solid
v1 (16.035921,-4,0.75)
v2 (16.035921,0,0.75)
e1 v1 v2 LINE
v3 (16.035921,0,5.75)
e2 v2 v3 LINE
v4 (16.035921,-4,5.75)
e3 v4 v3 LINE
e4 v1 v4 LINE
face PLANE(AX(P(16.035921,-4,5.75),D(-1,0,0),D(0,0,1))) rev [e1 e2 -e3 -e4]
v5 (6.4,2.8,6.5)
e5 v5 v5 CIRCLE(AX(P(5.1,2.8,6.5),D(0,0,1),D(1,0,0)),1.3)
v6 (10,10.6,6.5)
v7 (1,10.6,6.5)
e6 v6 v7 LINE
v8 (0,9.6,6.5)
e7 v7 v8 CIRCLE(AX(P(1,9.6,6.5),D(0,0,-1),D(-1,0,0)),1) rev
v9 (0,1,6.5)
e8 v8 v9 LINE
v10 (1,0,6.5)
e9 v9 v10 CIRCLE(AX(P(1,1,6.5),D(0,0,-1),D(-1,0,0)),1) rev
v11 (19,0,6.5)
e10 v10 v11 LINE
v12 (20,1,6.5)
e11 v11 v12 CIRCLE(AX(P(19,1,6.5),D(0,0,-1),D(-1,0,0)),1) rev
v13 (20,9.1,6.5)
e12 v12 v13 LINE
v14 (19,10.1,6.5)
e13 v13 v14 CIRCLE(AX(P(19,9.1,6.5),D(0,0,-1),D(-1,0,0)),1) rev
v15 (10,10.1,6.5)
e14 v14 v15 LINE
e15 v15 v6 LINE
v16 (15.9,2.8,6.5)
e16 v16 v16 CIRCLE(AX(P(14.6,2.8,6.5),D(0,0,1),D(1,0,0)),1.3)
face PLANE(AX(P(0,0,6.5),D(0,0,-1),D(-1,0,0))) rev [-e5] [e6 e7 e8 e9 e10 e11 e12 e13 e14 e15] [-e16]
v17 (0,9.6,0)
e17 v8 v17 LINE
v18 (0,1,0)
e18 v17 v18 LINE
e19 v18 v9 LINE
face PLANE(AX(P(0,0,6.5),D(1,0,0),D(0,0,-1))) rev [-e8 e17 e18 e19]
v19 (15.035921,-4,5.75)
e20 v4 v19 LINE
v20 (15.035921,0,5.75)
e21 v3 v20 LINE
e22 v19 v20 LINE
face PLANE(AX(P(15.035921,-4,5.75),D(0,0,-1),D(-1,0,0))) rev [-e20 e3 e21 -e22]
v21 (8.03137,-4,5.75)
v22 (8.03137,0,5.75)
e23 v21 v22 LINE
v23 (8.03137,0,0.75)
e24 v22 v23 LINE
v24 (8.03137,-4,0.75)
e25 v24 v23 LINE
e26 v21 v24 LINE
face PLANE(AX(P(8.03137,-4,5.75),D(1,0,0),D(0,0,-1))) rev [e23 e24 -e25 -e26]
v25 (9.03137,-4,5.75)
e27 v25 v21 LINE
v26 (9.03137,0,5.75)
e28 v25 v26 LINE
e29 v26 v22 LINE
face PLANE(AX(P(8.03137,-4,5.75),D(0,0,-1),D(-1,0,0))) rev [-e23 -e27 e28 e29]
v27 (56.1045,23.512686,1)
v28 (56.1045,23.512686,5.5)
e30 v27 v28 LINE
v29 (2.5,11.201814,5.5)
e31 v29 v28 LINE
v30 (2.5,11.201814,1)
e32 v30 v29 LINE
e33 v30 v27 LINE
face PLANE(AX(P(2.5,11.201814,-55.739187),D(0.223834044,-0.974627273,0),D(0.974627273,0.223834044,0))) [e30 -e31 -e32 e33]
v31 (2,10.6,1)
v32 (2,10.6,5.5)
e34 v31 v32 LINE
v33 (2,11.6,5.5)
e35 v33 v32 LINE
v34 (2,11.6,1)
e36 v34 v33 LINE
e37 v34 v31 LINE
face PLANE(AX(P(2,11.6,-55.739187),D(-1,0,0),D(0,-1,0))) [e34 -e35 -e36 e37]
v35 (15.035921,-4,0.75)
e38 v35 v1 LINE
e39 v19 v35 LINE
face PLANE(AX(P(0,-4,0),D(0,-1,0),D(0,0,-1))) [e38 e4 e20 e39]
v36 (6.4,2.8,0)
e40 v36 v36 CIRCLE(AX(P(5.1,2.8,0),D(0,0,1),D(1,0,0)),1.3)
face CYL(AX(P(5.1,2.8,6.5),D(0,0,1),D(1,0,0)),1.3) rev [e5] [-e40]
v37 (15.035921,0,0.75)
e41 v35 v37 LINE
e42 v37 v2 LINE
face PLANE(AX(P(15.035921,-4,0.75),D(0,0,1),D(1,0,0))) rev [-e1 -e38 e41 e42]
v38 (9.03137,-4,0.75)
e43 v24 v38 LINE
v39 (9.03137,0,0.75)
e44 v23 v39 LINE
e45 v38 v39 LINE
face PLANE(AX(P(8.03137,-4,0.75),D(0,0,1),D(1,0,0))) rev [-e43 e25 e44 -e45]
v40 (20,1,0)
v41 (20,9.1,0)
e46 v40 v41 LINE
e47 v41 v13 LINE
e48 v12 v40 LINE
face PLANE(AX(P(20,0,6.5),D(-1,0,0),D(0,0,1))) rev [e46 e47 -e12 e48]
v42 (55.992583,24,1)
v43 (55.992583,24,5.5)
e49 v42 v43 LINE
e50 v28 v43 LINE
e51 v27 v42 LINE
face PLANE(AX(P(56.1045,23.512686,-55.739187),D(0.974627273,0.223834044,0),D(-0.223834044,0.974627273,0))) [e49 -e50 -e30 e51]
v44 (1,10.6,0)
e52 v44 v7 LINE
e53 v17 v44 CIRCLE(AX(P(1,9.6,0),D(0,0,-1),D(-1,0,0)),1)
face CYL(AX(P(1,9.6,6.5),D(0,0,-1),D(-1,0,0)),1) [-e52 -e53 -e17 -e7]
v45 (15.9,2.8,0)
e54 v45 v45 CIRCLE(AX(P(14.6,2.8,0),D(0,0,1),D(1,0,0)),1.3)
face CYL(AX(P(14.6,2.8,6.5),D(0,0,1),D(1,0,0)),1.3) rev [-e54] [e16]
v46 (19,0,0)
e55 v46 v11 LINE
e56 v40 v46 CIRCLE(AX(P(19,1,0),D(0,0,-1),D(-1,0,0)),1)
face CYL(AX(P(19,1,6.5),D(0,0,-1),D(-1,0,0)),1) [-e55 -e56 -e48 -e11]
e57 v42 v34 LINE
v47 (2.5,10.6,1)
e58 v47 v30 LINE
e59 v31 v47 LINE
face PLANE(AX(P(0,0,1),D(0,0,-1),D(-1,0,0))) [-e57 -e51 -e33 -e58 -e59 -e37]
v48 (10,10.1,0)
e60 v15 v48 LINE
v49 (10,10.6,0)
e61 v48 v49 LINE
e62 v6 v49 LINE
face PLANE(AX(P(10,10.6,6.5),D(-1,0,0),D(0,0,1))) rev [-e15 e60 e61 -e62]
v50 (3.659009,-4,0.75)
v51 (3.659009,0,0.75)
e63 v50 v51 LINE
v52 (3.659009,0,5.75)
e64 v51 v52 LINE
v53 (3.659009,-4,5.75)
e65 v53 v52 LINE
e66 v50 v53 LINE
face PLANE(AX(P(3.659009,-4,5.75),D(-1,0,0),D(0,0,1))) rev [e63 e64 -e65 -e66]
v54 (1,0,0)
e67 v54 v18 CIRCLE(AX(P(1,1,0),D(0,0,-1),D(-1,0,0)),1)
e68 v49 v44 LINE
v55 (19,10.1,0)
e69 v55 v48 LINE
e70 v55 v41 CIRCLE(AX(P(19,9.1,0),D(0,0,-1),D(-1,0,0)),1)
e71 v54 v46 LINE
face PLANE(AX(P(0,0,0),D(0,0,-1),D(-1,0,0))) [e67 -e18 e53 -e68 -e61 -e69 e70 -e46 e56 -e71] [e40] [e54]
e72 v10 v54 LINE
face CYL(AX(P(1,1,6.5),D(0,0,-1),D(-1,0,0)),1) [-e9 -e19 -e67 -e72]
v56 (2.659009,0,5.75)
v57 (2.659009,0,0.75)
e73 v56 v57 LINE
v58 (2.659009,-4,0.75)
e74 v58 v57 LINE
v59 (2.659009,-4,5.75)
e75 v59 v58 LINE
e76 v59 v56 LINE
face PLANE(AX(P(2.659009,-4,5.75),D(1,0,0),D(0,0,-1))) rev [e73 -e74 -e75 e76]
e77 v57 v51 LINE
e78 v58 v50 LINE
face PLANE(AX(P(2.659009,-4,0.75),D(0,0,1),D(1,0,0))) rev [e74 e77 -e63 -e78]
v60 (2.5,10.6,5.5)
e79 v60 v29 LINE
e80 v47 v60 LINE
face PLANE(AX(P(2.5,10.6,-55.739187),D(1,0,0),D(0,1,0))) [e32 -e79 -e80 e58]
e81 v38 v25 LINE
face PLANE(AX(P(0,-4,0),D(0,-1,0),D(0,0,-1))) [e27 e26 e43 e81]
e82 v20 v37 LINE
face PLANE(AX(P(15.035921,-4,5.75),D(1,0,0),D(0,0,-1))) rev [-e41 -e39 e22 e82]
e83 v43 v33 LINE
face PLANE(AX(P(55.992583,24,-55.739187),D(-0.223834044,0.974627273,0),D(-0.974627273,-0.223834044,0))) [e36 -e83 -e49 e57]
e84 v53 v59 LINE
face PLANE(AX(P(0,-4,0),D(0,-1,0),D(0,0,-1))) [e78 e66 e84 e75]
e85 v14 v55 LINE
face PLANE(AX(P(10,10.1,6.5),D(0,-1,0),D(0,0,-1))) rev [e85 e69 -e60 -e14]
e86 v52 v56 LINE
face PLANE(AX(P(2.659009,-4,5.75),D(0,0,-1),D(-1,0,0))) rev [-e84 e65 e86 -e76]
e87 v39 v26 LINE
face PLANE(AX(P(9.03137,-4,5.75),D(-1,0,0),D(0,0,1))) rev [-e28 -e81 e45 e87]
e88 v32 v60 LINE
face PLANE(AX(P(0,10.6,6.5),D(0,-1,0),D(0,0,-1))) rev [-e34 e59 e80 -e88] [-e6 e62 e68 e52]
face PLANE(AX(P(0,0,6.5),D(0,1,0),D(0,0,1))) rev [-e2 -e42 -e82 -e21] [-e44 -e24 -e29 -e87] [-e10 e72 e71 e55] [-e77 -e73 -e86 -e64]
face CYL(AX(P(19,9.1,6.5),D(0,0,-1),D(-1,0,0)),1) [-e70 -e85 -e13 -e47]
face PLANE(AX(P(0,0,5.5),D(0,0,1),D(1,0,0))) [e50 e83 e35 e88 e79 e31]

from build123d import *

# Parameters (mm, degrees)
BOSS_EXTRUDE1_DEPTH  = 6.5
FILLET1_R            = 1
M2_CLEARANCE_HOLE1_D = 2.6
BOSS_EXTRUDE2_START  = -1
BOSS_EXTRUDE2_DEPTH  = 4.5
SKETCH6_W            = 1
SKETCH6_H            = 5
BOSS_EXTRUDE3_DEPTH  = 4


with BuildPart() as part:
    # Sketch1 → Boss-Extrude1 (new body)
    with BuildSketch(Plane.XY):
        Polygon((10, 10.6), (10, 10.1), (20, 10.1), (20, 0), (0, 0), (0, 10.6), align=None)
    extrude(amount=BOSS_EXTRUDE1_DEPTH)

    # Fillet1
    fillet1_edges = [part.edges().sort_by_distance(p)[0] for p in [
        (0, 10.6, 3.25),
        (20, 10.1, 3.25),
        (20, 0, 3.25),
        (0, 0, 3.25),
    ]]
    fillet(fillet1_edges, radius=FILLET1_R)

    # M2 Clearance Hole1 (through all)
    with Locations(Plane.XY.offset(6.5)):
        with Locations((5.1, 2.8), (14.6, 2.8)):
            Hole(M2_CLEARANCE_HOLE1_D / 2)

    # Sketch5 → Boss-Extrude2 (add)
    with BuildSketch(Plane.XY.offset(6.5).offset(BOSS_EXTRUDE2_START)):
        Polygon((2, 11.6), (2, 10.6), (2.5, 10.6), (2.5, 11.201813956), (56.104500003, 23.512686364), (55.992582981, 24), align=None)
    extrude(amount=-BOSS_EXTRUDE2_DEPTH)

    # Sketch6 → Boss-Extrude3 (add)
    with BuildSketch(Plane.XZ):
        with Locations((3.159009098, 3.25)):
            Rectangle(SKETCH6_W, SKETCH6_H)
        with Locations((8.531370471, 3.25)):
            Rectangle(SKETCH6_W, SKETCH6_H)
        with Locations((15.53592061, 3.25)):
            Rectangle(SKETCH6_W, SKETCH6_H)
    extrude(amount=BOSS_EXTRUDE3_DEPTH)


solid = part.part
